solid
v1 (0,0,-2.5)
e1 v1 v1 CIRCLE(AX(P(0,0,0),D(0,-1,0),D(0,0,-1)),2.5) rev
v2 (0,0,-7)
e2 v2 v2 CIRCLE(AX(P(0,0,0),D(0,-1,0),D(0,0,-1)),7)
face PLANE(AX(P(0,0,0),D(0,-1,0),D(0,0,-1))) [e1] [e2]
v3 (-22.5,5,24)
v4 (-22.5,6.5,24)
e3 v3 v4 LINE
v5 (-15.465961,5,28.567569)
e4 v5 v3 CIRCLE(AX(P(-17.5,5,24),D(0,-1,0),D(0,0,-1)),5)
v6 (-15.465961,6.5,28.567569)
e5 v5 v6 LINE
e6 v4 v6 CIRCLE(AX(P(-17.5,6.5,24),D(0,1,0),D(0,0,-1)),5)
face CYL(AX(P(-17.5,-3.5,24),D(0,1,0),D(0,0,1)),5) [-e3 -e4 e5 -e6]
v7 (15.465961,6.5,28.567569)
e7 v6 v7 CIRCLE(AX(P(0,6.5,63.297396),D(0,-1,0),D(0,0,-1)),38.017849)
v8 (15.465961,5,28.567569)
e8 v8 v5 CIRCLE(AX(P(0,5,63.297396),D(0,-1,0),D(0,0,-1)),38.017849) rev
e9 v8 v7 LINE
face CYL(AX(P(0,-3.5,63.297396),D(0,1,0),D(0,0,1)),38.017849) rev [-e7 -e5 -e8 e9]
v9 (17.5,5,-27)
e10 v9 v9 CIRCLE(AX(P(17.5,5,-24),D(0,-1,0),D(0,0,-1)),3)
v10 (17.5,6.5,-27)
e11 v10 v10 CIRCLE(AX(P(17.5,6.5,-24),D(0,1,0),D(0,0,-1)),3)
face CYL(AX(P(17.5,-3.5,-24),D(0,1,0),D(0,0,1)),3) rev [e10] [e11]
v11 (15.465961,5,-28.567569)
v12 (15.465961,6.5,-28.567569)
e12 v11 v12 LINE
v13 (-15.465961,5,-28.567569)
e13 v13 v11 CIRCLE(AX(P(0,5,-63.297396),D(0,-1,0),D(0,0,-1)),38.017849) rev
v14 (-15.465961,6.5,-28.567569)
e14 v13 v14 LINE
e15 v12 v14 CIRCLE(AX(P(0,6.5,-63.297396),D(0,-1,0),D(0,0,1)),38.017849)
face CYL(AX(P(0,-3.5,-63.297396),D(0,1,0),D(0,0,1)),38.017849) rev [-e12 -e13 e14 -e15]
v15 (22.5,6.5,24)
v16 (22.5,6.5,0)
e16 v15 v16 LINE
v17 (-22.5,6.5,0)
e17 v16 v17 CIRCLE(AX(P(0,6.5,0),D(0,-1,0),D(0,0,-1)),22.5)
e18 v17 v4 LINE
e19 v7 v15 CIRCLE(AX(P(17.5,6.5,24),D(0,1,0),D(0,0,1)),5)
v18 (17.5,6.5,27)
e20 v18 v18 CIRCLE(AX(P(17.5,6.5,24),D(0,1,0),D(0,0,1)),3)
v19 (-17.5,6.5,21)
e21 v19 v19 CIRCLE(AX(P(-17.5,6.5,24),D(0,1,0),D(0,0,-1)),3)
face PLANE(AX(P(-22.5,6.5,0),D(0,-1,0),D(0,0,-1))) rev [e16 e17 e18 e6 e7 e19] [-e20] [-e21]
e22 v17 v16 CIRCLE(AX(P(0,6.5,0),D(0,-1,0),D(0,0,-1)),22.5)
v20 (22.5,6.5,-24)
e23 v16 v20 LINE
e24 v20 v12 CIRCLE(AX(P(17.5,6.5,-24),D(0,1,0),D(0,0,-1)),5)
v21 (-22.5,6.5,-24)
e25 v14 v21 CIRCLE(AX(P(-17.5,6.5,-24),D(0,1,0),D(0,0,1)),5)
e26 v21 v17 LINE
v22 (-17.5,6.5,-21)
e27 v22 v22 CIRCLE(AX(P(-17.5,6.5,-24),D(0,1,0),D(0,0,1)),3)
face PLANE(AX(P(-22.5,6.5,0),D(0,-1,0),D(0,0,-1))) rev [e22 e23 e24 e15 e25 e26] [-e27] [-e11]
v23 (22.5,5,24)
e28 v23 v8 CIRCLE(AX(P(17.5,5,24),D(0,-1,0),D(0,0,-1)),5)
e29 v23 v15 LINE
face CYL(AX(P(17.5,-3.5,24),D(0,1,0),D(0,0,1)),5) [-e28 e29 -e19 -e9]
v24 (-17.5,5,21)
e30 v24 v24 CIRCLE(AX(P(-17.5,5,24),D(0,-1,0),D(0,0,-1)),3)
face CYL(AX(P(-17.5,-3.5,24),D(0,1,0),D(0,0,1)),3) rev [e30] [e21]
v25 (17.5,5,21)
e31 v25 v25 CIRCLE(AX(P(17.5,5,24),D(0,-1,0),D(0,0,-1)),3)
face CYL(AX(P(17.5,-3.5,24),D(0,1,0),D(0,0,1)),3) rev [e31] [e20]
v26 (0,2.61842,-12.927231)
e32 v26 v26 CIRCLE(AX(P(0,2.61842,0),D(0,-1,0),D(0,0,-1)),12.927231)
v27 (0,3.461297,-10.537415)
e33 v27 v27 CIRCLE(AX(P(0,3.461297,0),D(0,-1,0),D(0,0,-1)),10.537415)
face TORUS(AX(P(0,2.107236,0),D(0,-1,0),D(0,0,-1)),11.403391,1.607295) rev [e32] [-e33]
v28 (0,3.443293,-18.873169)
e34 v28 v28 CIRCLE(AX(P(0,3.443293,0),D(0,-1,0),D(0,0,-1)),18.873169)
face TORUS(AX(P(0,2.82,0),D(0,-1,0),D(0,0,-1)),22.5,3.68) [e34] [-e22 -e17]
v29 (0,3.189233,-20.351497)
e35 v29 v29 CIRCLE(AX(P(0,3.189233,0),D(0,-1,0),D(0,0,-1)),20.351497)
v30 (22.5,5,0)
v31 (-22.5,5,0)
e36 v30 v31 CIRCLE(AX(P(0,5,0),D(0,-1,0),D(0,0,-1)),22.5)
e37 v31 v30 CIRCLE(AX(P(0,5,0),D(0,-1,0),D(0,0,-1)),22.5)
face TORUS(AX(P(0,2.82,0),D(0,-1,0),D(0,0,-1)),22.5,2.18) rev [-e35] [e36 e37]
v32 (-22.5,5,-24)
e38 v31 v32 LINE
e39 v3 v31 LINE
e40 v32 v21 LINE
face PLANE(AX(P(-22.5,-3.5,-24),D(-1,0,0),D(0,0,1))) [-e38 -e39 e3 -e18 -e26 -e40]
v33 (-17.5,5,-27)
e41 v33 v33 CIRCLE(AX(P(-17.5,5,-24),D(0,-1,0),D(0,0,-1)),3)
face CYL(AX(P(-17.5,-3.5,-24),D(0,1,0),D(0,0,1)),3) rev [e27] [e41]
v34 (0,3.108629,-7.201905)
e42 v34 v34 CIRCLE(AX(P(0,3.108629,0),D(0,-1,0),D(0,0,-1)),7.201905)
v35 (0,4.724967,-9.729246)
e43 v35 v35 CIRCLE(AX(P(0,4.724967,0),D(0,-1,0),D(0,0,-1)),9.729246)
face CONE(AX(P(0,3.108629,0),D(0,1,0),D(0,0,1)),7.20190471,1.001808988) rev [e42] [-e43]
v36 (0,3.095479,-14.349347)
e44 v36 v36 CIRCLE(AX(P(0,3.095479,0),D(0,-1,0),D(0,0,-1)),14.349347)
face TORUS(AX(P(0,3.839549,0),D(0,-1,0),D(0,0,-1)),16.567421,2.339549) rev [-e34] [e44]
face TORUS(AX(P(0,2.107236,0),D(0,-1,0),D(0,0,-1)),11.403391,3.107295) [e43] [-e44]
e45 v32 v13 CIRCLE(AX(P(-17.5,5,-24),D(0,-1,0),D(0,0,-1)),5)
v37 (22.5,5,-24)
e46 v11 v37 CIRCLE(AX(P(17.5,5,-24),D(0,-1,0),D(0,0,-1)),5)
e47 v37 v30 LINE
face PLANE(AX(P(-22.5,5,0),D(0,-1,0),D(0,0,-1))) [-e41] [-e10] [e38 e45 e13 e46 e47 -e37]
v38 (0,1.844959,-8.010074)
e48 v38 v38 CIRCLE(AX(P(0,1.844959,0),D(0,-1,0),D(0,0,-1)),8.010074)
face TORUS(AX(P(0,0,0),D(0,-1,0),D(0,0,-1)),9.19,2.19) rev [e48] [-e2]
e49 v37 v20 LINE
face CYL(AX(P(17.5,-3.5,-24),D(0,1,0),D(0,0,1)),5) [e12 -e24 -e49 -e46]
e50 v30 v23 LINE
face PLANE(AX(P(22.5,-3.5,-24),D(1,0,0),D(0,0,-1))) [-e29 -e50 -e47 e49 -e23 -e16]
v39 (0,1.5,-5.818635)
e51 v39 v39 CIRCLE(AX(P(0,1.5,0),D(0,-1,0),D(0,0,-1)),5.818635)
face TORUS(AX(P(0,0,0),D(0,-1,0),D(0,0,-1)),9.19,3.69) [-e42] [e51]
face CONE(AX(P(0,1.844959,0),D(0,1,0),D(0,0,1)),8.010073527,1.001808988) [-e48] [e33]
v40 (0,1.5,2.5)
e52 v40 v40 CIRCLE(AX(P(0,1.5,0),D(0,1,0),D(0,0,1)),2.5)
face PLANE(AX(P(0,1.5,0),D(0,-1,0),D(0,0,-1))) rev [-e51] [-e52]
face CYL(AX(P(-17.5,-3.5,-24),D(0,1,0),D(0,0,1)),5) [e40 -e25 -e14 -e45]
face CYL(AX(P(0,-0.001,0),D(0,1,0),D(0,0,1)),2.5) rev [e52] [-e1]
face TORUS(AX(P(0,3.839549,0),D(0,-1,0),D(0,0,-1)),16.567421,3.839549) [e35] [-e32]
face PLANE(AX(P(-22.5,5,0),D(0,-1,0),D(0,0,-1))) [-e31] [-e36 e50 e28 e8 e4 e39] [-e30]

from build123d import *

# Parameters (mm, degrees)
SKETCH2_OUTSIDE_W  = 177.772
SKETCH2_OUTSIDE_H  = 177.772
SKETCH2_OUTSIDE_R  = 3
CUT_EXTRUDE1_DEPTH = 10
CUT_EXTRUDE2_REACH = 39.044
SKETCH3_R          = 2.5


with BuildPart() as part:
    # Sketch1 → Revolve-Thin1 (revolve)
    with BuildSketch(Plane.XY, mode=Mode.PRIVATE) as revolve_thin1_sk:
        with BuildLine():
            Line((0, 0), (-7, 0))
            ThreePointArc((-7, 0), (-7.269044642, 1.051679852), (-8.010073527, 1.844958947))
            Line((-8.010073527, 1.844958947), (-10.537414551, 3.461296582))
            ThreePointArc((-10.537414551, 3.461296582), (-11.937999931, 3.623016312), (-12.92723115, 2.618419738))
            ThreePointArc((-12.92723115, 2.618419738), (-16.861755462, 0.011298259), (-20.351496609, 3.189233233))
            ThreePointArc((-20.351496609, 3.189233233), (-21.09510293, 4.486932579), (-22.5, 5))
            Line((-22.5, 5), (-68.5, 5))
            Line((-68.5, 5), (-68.5, 6.5))
            Line((-68.5, 6.5), (-22.5, 6.5))
            ThreePointArc((-22.5, 6.5), (-20.128430635, 5.633904537), (-18.873168588, 3.443292796))
            ThreePointArc((-18.873168588, 3.443292796), (-16.746767558, 1.506884358), (-14.349347177, 3.095479491))
            ThreePointArc((-14.349347177, 3.095479491), (-12.436920682, 5.037610983), (-9.729245733, 4.724967094))
            Line((-9.729245733, 4.724967094), (-7.20190471, 3.108629459))
            ThreePointArc((-7.20190471, 3.108629459), (-6.392166006, 2.405873011), (-5.818635291, 1.5))
            Line((-5.818635291, 1.5), (0, 1.5))
            Line((0, 1.5), (0, 0))
        make_face()
    revolve(revolve_thin1_sk.sketch.rotate(Axis((0, 0, 0), (0, 1, 0)), 270), axis=Axis((0, 0, 0), (0, 1, 0)))

    # Sketch2 outside → Cut-Extrude1 (cut)
    # profile 1 of 5: a face of its own
    with BuildSketch(Plane(origin=(0, 6.5, 0), x_dir=(1, 0, 0), z_dir=(0, 1, 0))):
        Rectangle(SKETCH2_OUTSIDE_W, SKETCH2_OUTSIDE_H)
        with BuildLine():
            Line((-22.5, 24), (-22.5, -24))
            ThreePointArc((-22.5, -24), (-20.223031672, -28.193459015), (-15.465960595, -28.567568686))
            ThreePointArc((-15.465960595, -28.567568686), (0, -25.279547003), (15.465960595, -28.567568686))
            ThreePointArc((15.465960595, -28.567568686), (20.223031672, -28.193459015), (22.5, -24))
            Line((22.5, -24), (22.5, 24))
            ThreePointArc((22.5, 24), (20.223031672, 28.193459015), (15.465960595, 28.567568686))
            ThreePointArc((15.465960595, 28.567568686), (0, 25.279547003), (-15.465960595, 28.567568686))
            ThreePointArc((-15.465960595, 28.567568686), (-20.223031672, 28.193459015), (-22.5, 24))
        make_face(mode=Mode.SUBTRACT)
    # profile 2 of 5: a face of its own
    with BuildSketch(Plane(origin=(0, 6.5, 0), x_dir=(1, 0, 0), z_dir=(0, 1, 0))):
        with Locations(Location((-17.5, 24, 0), (0, 0, 270))):
            Circle(SKETCH2_OUTSIDE_R)
    # profile 3 of 5: a face of its own
    with BuildSketch(Plane(origin=(0, 6.5, 0), x_dir=(1, 0, 0), z_dir=(0, 1, 0))):
        with Locations(Location((17.5, 24, 0), (0, 0, 90))):
            Circle(SKETCH2_OUTSIDE_R)
    # profile 4 of 5: a face of its own
    with BuildSketch(Plane(origin=(0, 6.5, 0), x_dir=(1, 0, 0), z_dir=(0, 1, 0))):
        with Locations(Location((17.5, -24, 0), (0, 0, 270))):
            Circle(SKETCH2_OUTSIDE_R)
    # profile 5 of 5: a face of its own
    with BuildSketch(Plane(origin=(0, 6.5, 0), x_dir=(1, 0, 0), z_dir=(0, 1, 0))):
        with Locations(Location((-17.5, -24, 0), (0, 0, 90))):
            Circle(SKETCH2_OUTSIDE_R)
    extrude(amount=-CUT_EXTRUDE1_DEPTH, mode=Mode.SUBTRACT)

    # Sketch3 → Cut-Extrude2 (cut, up to next)
    with BuildSketch(Plane(origin=(0, 1.5, 0), x_dir=(1, 0, 0), z_dir=(0, 1, 0)), mode=Mode.PRIVATE) as cut_extrude2_sk1:
        with Locations(Location((0, 0, 0), (0, 0, 270))):
            Circle(SKETCH3_R)
    cut_extrude2_tool1 = extrude(cut_extrude2_sk1.sketch, amount=-CUT_EXTRUDE2_REACH, mode=Mode.PRIVATE) & part.part
    add(cut_extrude2_tool1.solids().sort_by_distance((0, 1.5, 0))[0], mode=Mode.SUBTRACT)


solid = part.part
